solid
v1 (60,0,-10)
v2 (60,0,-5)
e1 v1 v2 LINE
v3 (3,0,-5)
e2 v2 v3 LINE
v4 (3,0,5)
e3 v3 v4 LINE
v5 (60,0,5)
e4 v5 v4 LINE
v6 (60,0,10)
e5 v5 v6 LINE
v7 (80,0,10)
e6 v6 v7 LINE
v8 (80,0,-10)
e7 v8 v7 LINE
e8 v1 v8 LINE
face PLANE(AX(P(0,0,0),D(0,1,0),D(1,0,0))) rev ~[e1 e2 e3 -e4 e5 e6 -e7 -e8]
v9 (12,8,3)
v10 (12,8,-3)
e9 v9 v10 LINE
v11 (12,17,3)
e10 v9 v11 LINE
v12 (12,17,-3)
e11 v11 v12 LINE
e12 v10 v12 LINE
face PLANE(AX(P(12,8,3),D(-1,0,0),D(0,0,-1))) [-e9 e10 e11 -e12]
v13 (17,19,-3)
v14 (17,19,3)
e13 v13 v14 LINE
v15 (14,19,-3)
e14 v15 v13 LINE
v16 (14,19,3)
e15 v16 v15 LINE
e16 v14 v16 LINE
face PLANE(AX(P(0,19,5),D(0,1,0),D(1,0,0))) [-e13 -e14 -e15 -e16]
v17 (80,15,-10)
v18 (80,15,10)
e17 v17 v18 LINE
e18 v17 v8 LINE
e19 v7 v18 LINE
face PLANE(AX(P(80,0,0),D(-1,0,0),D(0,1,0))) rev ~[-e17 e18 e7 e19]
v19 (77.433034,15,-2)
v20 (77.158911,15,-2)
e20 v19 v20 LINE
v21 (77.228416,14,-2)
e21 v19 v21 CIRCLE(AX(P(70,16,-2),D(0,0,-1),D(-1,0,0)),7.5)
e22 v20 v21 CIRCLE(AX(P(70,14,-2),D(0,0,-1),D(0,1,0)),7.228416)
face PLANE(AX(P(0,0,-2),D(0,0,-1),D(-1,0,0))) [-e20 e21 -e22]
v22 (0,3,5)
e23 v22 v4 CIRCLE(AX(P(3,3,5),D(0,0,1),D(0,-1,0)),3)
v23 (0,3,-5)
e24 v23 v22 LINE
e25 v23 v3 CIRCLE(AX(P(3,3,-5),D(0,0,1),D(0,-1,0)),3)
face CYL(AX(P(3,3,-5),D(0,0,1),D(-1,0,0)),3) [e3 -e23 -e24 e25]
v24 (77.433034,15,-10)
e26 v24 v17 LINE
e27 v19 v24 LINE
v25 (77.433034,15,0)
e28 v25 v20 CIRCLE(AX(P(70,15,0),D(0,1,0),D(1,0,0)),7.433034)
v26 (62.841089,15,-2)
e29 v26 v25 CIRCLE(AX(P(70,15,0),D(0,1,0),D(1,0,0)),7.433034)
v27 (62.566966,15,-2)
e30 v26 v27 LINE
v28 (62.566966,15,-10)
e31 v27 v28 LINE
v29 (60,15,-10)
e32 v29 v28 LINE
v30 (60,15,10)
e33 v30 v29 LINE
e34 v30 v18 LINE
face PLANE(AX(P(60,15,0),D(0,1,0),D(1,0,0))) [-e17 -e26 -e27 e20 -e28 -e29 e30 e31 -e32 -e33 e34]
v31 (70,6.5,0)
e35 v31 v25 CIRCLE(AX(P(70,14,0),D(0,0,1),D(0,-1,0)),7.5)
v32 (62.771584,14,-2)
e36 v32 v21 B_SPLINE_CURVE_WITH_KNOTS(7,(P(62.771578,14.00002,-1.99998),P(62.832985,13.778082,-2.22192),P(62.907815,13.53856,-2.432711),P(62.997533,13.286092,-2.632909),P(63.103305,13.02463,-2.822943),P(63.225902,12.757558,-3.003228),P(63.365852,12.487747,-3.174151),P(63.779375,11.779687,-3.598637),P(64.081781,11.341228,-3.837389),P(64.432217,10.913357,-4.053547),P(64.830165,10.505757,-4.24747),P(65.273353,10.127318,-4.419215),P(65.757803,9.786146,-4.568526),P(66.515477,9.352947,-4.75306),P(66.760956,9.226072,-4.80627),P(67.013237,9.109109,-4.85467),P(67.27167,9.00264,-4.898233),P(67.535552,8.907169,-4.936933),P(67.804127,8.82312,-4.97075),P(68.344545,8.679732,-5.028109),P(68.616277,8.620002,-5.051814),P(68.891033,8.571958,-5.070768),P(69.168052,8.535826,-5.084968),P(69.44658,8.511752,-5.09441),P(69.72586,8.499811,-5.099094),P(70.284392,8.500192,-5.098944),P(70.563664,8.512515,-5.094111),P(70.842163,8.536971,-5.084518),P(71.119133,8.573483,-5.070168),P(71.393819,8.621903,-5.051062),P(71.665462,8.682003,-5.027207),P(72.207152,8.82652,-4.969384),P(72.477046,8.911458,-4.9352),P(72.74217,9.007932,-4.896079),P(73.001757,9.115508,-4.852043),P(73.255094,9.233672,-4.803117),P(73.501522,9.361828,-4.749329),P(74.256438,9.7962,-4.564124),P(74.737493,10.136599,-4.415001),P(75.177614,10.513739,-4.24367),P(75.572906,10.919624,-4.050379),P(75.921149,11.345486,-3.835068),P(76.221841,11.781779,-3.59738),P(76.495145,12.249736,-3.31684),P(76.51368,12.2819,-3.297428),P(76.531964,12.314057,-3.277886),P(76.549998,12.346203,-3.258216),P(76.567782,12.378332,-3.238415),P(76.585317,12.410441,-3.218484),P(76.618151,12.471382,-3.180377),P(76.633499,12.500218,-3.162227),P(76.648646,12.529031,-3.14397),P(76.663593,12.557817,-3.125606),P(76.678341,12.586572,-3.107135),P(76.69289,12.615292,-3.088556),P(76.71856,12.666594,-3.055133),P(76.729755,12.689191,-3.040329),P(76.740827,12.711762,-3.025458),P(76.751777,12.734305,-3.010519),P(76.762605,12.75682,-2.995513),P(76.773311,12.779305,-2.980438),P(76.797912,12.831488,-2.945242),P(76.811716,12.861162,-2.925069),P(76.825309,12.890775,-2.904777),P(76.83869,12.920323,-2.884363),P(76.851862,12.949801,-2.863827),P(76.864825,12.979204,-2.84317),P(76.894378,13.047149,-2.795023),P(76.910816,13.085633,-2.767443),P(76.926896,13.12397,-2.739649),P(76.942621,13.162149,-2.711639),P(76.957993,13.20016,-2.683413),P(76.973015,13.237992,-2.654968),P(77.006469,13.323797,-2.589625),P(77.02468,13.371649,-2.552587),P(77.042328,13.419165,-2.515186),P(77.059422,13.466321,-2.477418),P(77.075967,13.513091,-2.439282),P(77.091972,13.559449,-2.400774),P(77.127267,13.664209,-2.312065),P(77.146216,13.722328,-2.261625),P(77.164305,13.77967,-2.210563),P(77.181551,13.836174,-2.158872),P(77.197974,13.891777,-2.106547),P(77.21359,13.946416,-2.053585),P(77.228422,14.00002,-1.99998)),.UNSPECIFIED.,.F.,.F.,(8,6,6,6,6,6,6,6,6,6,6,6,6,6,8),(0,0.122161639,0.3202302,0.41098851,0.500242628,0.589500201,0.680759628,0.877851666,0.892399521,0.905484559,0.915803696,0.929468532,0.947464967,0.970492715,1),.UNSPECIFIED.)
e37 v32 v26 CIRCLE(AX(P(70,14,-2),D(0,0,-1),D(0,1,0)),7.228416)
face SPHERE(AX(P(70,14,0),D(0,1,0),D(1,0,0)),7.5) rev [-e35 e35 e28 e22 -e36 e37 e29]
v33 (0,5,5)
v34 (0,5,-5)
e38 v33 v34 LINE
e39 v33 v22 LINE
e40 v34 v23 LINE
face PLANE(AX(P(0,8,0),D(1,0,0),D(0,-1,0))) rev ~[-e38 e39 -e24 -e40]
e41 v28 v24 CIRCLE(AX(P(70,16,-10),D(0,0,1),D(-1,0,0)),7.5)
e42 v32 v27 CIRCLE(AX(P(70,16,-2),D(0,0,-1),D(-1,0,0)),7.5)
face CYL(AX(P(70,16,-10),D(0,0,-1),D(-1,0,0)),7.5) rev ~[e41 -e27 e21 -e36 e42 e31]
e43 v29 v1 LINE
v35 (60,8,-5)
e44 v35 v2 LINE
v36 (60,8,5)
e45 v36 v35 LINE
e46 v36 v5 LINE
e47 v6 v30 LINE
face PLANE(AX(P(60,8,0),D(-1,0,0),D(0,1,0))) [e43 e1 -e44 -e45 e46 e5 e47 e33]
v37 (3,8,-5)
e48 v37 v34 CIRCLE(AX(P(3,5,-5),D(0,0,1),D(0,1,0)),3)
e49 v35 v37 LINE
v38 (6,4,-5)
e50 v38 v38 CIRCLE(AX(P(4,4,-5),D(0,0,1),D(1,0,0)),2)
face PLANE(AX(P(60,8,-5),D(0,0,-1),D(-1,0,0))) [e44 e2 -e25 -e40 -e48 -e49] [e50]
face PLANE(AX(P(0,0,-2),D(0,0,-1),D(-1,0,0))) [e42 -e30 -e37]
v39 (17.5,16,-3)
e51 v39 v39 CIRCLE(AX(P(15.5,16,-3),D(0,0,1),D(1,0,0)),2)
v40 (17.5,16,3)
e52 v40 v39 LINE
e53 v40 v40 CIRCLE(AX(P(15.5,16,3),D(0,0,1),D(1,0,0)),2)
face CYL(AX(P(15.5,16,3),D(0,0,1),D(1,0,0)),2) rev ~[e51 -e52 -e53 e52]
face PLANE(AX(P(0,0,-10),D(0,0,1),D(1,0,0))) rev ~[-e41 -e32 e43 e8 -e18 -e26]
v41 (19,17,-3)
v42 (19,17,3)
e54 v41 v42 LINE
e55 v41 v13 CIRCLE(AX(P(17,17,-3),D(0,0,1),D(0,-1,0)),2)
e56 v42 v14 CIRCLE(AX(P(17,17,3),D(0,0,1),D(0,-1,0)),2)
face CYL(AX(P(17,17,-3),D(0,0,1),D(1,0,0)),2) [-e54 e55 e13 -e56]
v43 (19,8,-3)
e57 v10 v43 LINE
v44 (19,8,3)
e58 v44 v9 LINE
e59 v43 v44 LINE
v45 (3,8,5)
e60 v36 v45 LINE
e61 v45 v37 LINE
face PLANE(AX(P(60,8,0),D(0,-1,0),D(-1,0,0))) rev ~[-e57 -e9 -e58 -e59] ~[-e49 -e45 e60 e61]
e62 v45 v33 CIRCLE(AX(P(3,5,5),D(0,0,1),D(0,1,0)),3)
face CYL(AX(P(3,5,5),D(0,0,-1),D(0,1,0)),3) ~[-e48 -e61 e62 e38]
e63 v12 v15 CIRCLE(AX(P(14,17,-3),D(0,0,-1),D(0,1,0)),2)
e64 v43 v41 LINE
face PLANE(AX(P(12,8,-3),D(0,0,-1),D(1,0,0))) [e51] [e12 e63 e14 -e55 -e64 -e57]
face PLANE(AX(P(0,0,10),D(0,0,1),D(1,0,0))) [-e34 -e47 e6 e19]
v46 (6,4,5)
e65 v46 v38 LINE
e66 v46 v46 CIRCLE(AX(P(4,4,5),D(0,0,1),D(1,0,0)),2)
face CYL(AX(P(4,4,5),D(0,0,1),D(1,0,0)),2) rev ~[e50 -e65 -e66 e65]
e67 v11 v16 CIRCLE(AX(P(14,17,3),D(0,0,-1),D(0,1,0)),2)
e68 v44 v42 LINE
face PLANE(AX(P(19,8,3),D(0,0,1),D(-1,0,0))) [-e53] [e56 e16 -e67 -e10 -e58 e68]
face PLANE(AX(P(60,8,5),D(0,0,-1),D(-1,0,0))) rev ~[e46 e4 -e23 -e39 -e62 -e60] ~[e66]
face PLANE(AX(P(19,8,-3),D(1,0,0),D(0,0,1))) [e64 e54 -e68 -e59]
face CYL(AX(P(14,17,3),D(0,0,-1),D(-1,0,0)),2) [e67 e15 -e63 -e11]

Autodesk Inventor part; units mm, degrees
ref_plane "YZ Plane" through (0, 0, 0) normal (1, 0, 0) x (0, 1, 0)
ref_plane "XZ Plane" through (0, 0, 0) normal (0, 1, 0) x (-1, 0, 0)
ref_plane "XY Plane" through (0, 0, 0) normal (0, 0, 1) x (1, 0, 0)
sketch "草圖1" plane through (0, 0, 0) normal (0, 0, 1) x (1, 0, 0)
  line L0 (0, 0) -> (80, 0)
  line L1 (80, 0) -> (80, 8)
  line L2 (60, 8) -> (0, 8)
  line L3 (0, 8) -> (0, 0)
  line L4 (80, 8) -> (60, 8)
  line L5 (60, 8) -> (60, 15)
  line L6 (60, 15) -> (80, 15)
  line L7 (80, 15) -> (80, 8)
  dimension "d0" = 80
  dimension "d1" = 20
  dimension "d2" = 15
  dimension "d3" = 8
extrude "擠出1" add sketch "草圖1" along normal mid plane 20
sketch "草圖2" plane through (0, 0, 0) normal (0, 0, 1) x (1, 0, 0)
  line L0 (70, 31.4394) -> (70, 6.5)
  line L1 (60, 15) -> (80, 15) projected
  line L2 (80, 0) -> (80, 15) projected
  arc A0 (70, 6.5) -> (70, 21.5) centre (70, 14) ccw
  line L3 (70, 14) -> (77.5, 14)
  point P0 (0, 0)
  dimension "d14" = 7.5
  dimension "d16" = 10
  dimension "d56" = 1
sketch "草圖3" plane through (0, 8, -10) normal (0, 1, 0) x (1, 0, 0)
  line L0 (60, 0) -> (60, -20) projected
  line L1 (0, 0) -> (60, 0)
  line L2 (60, 0) -> (60, -5)
  line L3 (60, -5) -> (0, -5)
  line L4 (0, -5) -> (0, 0)
  line L5 (0, -20) -> (60, -20)
  line L6 (60, -20) -> (60, -15)
  line L7 (60, -15) -> (0, -15)
  line L8 (0, -15) -> (0, -20)
  line L9 (60, -20) -> (0, -20) projected
  point P0 (0, -10)
  dimension "d10" = 5
  dimension "d11" = 5
extrude "擠出2" cut sketch "草圖3" against normal blind 20
revolve "迴轉2" cut sketch "草圖2" angle 360 about axis through (70, 31.4394, 0) along (0, -1, 0)
sketch "草圖4" plane through (0, 8, 5) normal (0, 1, 0) x (1, 0, 0)
  line L0 (12, 8) -> (19, 8)
  line L1 (19, 8) -> (19, 2)
  line L2 (19, 2) -> (12, 2)
  line L3 (12, 2) -> (12, 8)
  point P0 (0, 5)
  dimension "d34" = 3
  dimension "d35" = 6
  dimension "d36" = 7
  dimension "d37" = 12
extrude "擠出3" add sketch "草圖4" along normal blind 11
sketch "草圖7" plane through (12, 8, 3) normal (0, 0, 1) x (1, 0, 0)
  circle A0 centre (3.5, 8) radius 2
  line L0 (7, 0) -> (0, 0) projected
  line L1 (7, 0) -> (7, 11) projected
  line L2 (0, 11) -> (7, 11) projected
  line L3 (0, 0) -> (0, 11) projected
  point P0 (-12, -8)
  dimension "d38" = 3.5
  dimension "d39" = 4
  dimension "d40" = 3
extrude "擠出6" cut sketch "草圖7" against normal blind 10 contours A0
fillet "圓角3" radius 2 2 edges at (12, 19, 0) (19, 19, 0)
fillet "圓角2" radius 3 2 edges at (0, 8, 0) (0, 0, 0)
sketch "草圖6" plane through (60, 0, 5) normal (0, 0, 1) x (1, 0, 0)
  arc A0 (-57, 8) -> (-60, 5) centre (-57, 5) ccw projected
  arc A1 (-60, 3) -> (-57, 0) centre (-57, 3) ccw projected
  circle A2 centre (-56, 4) radius 2
  line L0 (-57, 8) -> (0, 8) projected
  line L1 (-60, 3) -> (-60, 5) projected
  point P0 (-60, 0)
  dimension "d29" = 4
  dimension "d30" = 4
  dimension "d31" = 4
extrude "擠出5" cut sketch "草圖6" against normal through all
sketch "草圖10" plane through (0, 0, -10) normal (0, 0, -1) x (-1, 0, 0)
  circle A0 centre (-70, 16) radius 7.5
  line L0 (-60, 15) -> (-80, 15) projected
  point P0 (0, 0)
  dimension "d52" = 15
  dimension "d53" = 1
extrude "擠出9" cut sketch "草圖10" against normal blind 8
properties part number "連趕2"
